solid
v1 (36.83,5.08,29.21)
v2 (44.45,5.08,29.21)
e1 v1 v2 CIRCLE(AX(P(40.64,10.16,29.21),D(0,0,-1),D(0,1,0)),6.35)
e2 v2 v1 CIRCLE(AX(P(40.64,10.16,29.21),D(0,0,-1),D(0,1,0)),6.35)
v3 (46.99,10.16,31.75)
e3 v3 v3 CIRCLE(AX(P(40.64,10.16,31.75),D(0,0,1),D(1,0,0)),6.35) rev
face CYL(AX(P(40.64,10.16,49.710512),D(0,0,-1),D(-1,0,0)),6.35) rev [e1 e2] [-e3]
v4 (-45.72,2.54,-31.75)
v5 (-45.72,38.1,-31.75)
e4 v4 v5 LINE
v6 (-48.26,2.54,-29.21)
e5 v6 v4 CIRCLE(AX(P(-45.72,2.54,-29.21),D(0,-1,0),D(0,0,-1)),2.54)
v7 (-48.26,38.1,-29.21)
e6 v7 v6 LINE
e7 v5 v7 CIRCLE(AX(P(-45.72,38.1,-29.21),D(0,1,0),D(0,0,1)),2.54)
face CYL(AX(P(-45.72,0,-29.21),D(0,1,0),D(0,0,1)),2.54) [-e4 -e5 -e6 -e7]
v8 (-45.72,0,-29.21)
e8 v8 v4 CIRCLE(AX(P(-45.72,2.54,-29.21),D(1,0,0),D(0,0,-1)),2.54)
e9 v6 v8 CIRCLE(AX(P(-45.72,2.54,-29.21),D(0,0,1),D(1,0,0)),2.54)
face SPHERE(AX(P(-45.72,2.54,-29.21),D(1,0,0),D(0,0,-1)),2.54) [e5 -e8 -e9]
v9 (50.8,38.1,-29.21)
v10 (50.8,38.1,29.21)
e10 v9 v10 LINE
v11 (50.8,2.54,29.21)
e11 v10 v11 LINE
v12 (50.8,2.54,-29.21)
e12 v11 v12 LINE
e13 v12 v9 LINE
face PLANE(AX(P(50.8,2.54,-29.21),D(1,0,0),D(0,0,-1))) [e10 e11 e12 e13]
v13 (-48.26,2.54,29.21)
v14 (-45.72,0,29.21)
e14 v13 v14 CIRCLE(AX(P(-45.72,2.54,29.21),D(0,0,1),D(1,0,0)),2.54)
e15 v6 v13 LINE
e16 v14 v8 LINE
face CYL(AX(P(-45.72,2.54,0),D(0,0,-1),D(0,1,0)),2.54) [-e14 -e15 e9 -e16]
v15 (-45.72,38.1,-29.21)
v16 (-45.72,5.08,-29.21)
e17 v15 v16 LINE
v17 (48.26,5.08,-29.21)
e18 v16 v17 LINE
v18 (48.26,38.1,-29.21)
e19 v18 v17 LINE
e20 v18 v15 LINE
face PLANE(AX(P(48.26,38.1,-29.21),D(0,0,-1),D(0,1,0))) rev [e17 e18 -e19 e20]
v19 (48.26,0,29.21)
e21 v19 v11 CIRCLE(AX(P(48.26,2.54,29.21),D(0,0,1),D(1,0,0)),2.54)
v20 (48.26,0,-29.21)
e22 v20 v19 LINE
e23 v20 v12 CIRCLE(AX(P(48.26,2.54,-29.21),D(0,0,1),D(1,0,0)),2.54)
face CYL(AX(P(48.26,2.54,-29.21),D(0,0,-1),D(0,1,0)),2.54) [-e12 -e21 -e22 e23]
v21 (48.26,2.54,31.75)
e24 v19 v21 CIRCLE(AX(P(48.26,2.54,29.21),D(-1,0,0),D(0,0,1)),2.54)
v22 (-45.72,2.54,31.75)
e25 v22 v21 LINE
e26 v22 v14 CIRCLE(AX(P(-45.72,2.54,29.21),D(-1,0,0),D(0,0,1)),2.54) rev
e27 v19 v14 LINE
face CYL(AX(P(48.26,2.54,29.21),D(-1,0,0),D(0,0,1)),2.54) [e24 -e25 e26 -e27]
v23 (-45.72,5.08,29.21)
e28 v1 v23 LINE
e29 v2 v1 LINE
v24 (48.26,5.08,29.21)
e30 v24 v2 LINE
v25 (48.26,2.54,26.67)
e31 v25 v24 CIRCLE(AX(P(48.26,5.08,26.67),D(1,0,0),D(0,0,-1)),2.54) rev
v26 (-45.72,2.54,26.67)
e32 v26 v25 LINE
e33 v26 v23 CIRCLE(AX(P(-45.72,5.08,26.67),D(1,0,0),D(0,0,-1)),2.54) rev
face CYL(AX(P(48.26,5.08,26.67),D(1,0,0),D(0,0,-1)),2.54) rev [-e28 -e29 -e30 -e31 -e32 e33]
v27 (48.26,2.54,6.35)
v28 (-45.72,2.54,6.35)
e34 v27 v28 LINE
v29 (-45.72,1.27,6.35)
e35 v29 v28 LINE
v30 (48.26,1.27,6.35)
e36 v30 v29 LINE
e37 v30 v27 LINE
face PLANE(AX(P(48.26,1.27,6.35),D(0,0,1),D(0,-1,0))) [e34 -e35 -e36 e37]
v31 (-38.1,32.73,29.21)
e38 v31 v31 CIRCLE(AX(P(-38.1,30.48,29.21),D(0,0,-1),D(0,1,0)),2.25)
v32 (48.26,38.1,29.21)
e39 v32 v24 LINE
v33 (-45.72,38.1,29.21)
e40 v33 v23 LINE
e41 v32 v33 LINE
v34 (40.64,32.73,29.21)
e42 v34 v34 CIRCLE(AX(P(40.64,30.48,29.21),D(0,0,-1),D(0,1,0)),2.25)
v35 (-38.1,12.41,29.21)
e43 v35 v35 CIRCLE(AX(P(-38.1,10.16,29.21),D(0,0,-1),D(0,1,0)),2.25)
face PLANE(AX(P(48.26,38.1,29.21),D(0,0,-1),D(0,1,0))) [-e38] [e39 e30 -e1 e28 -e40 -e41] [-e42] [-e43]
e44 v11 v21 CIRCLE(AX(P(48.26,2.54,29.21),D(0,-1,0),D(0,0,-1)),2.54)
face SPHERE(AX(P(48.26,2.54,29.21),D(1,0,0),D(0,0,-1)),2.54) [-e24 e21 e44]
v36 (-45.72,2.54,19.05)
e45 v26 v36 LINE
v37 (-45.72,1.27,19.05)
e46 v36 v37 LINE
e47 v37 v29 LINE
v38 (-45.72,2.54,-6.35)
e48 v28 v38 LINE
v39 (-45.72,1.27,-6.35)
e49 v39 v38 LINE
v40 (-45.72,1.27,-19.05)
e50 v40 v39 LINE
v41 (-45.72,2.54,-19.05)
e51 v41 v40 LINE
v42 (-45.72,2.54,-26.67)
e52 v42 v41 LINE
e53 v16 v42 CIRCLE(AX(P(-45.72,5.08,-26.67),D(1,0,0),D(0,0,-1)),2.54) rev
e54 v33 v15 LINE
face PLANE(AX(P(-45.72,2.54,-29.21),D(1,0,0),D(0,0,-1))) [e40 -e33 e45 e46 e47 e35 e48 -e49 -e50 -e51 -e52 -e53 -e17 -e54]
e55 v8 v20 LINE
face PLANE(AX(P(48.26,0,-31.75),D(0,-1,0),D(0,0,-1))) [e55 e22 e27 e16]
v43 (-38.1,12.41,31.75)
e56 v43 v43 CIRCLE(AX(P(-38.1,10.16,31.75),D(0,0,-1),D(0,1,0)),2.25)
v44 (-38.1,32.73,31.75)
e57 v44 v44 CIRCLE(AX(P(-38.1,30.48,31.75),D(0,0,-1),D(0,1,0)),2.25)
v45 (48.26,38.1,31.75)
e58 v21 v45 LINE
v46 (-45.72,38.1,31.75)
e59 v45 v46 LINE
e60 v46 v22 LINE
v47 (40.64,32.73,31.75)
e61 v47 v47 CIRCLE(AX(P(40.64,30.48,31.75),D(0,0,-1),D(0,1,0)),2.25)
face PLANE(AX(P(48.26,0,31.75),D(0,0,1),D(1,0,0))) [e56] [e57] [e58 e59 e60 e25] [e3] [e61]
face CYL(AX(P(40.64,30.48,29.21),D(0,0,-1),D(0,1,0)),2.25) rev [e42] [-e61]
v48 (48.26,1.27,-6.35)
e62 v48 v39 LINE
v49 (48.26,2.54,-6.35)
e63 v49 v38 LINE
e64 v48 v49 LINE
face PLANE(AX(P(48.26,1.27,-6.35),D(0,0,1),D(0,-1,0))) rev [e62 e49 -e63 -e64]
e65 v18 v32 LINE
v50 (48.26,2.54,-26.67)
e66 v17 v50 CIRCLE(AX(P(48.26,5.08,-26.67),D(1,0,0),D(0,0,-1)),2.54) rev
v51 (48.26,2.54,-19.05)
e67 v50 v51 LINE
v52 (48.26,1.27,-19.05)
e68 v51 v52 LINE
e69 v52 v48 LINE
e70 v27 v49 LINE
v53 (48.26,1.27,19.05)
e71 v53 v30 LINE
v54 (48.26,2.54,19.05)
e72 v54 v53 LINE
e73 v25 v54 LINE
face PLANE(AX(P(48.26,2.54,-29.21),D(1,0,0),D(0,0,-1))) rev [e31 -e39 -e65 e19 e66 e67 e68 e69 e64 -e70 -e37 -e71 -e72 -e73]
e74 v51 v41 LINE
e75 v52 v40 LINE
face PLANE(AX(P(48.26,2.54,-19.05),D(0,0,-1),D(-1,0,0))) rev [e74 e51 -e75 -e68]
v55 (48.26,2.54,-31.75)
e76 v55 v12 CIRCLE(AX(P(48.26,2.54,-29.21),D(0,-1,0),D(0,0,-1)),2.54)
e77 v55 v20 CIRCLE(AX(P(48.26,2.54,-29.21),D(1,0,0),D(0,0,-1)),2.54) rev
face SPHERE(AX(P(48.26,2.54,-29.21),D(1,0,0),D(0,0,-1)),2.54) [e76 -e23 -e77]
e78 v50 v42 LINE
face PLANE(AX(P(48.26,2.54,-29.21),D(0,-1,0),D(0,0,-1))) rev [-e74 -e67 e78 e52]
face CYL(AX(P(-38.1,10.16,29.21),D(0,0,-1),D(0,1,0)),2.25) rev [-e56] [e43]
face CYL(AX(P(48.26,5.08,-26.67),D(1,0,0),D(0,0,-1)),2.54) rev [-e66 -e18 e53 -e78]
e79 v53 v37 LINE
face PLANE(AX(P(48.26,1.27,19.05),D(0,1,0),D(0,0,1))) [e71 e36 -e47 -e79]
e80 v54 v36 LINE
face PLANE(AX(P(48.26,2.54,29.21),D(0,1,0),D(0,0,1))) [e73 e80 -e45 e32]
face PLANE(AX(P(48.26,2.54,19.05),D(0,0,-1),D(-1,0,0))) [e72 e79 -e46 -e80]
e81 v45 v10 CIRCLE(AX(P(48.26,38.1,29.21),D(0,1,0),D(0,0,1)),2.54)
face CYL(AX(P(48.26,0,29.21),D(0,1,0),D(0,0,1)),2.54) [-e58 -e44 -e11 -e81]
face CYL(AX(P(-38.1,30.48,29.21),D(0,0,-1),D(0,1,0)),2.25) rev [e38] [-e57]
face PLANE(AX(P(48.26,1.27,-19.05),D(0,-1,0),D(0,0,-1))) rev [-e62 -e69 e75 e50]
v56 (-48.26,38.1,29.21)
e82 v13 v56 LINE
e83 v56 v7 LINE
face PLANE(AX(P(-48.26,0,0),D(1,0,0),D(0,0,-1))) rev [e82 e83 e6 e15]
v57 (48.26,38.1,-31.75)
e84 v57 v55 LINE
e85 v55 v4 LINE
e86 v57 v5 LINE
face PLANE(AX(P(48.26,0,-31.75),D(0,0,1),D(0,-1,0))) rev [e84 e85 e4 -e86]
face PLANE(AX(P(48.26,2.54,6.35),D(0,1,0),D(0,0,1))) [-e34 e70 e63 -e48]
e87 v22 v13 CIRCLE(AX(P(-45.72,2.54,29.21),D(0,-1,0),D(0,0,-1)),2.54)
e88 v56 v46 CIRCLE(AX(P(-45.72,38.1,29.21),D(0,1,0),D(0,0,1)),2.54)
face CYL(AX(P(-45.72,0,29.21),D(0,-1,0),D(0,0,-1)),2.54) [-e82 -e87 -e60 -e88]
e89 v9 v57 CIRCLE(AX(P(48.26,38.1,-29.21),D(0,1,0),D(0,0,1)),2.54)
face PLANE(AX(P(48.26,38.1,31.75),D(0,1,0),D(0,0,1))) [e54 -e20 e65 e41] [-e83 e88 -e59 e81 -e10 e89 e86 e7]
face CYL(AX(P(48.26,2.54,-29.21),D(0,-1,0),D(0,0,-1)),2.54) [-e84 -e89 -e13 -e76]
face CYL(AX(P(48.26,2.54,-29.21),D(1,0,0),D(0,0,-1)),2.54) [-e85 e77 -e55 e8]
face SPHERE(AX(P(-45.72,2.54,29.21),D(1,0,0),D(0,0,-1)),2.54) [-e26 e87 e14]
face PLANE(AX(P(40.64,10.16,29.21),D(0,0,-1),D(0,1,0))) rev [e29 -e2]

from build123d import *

# Parameters (mm, degrees)
BOSS_EXTRUDE1_DEPTH      = 48.26
FILLET1_R                = 2.5399999999999996
BOSS_EXTRUDE2_START      = -48.26
BOSS_EXTRUDE2_DEPTH      = 2.5399999999999996
BOSS_EXTRUDE3_START      = 48.26
BOSS_EXTRUDE3_DEPTH      = 2.5399999999999996
CUT_EXTRUDE2_START       = 29.21
SKETCH4_R                = 6.349999999999995
CUT_EXTRUDE2_DEPTH       = 2.54
FILLET2_R                = 2.5399999999999996
M4_CLEARANCE_HOLE1_D     = 4.5
M4_CLEARANCE_HOLE1_DEPTH = 2.54


with BuildPart() as part:
    # Sketch1 → Boss-Extrude1 (new, symmetric)
    with BuildSketch(Plane(origin=(0, 0, 0), x_dir=(0, 0, -1), z_dir=(1, 0, 0))):
        Polygon((31.75, -7.8e-16), (-31.75, -8.55e-15), (-31.75, 38.099999999999994), (-29.21, 38.099999999999994), (-29.209999999999997, 2.539999999999993), (-19.049999999999997, 2.539999999999993), (-19.049999999999997, 1.2699999999999922), (-6.350000000000001, 1.2699999999999922), (-6.35, 2.5399999999999943), (6.35, 2.539999999999996), (6.350000000000001, 1.2699999999999938), (19.049999999999997, 1.2699999999999971), (19.049999999999997, 2.5399999999999974), (29.209999999999997, 2.5399999999999996), (29.209999999999994, 38.1), (31.749999999999986, 38.1), align=None)
    extrude(amount=BOSS_EXTRUDE1_DEPTH, both=True)

    # Fillet1
    fillet1_edges = [part.edges().sort_by_distance(p)[0] for p in [
        (0, -8.55e-15, 31.75),
        (0, -7.8e-16, -31.75),
        (0, 2.5399999999999996, -29.209999999999997),
        (0, 2.539999999999993, 29.209999999999997),
    ]]
    fillet(fillet1_edges, radius=FILLET1_R)

    # Sketch3 → Boss-Extrude2 (add)
    with BuildSketch(Plane(origin=(0, 0, 0), x_dir=(0, 0, -1), z_dir=(1, 0, 0)).offset(BOSS_EXTRUDE2_START)):
        with BuildLine():
            Line((0, 38.099999999999994), (-31.75, 38.099999999999994))
            Line((-31.75, 38.099999999999994), (-31.75, 2.539999999999992))
            ThreePointArc((-31.75, 2.5399999999999934), (-31.00605122421383, 0.7439487757861607), (-29.209999999999997, -7.55e-15))
            Line((-29.209999999999997, -7.81e-15), (0, -4.23e-15))
            Line((0, 0), (1.56e-15, 38.099999999999994))
        make_face()
        with BuildLine():
            Line((31.75, 38.1), (0, 38.099999999999994))
            Line((1.56e-15, 38.099999999999994), (0, 0))
            Line((0, -4.23e-15), (29.210000000000004, -6.5e-16))
            ThreePointArc((29.210000000000004, -2.22e-15), (31.00605122421384, 0.7439487757861647), (31.750000000000014, 2.540000000000001))
            Line((31.750000000000014, 2.539999999999999), (31.75, 38.1))
        make_face()
    extrude(amount=BOSS_EXTRUDE2_DEPTH)

    # Sketch3<3> → Boss-Extrude3 (add)
    with BuildSketch(Plane(origin=(0, 0, 0), x_dir=(0, 0, -1), z_dir=(1, 0, 0)).offset(BOSS_EXTRUDE3_START)):
        with BuildLine():
            Line((31.75, 38.1), (0, 38.099999999999994))
            Line((1.56e-15, 38.099999999999994), (0, 0))
            Line((0, -4.23e-15), (29.210000000000004, -6.5e-16))
            ThreePointArc((29.210000000000004, -2.22e-15), (31.00605122421384, 0.7439487757861647), (31.750000000000014, 2.540000000000001))
            Line((31.750000000000014, 2.539999999999999), (31.75, 38.1))
        make_face()
        with BuildLine():
            Line((0, 38.099999999999994), (-31.75, 38.099999999999994))
            Line((-31.75, 38.099999999999994), (-31.75, 2.539999999999992))
            ThreePointArc((-31.75, 2.5399999999999934), (-31.00605122421383, 0.7439487757861607), (-29.209999999999997, -7.55e-15))
            Line((-29.209999999999997, -7.81e-15), (0, -4.23e-15))
            Line((0, 0), (1.56e-15, 38.099999999999994))
        make_face()
    extrude(amount=BOSS_EXTRUDE3_DEPTH)

    # Sketch4 → Cut-Extrude2 (cut)
    with BuildSketch(Plane.XY.offset(CUT_EXTRUDE2_START)):
        with Locations(Location((40.63999999999999, 10.159999999999991, 0), (0, 0, 233.130102354))):
            Circle(SKETCH4_R)
    extrude(amount=CUT_EXTRUDE2_DEPTH, mode=Mode.SUBTRACT)

    # Fillet2
    fillet2_edges = [part.edges().sort_by_distance(p)[0] for p in [
        (50.8, 20.319999999999993, 31.75),
        (50.8, 0.7439487757861605, 31.00605122421383),
        (50.8, -4.78e-15, -3.55e-15),
        (50.8, 0.7439487757861649, -31.00605122421384),
        (50.8, 20.32, -31.750000000000007),
        (-48.26, 20.32, -31.749999999999993),
        (-48.26, -4.67e-15, 0),
        (-48.26, 20.319999999999993, 31.75),
        (-48.26, 0.7439487757861611, 31.00605122421383),
        (-48.26, 0.7439487757861682, -31.00605122421383),
    ]]
    fillet(fillet2_edges, radius=FILLET2_R)

    # M4 Clearance Hole1
    with Locations(Plane(origin=(0, -2.85e-15, 29.209999999999997), x_dir=(-1, 0, 0), z_dir=(0, 7e-17, -1))):
        with Locations((-40.64, 30.48), (38.1, 30.48), (38.1, 10.16)):
            Hole(M4_CLEARANCE_HOLE1_D / 2, depth=M4_CLEARANCE_HOLE1_DEPTH)


solid = part.part
